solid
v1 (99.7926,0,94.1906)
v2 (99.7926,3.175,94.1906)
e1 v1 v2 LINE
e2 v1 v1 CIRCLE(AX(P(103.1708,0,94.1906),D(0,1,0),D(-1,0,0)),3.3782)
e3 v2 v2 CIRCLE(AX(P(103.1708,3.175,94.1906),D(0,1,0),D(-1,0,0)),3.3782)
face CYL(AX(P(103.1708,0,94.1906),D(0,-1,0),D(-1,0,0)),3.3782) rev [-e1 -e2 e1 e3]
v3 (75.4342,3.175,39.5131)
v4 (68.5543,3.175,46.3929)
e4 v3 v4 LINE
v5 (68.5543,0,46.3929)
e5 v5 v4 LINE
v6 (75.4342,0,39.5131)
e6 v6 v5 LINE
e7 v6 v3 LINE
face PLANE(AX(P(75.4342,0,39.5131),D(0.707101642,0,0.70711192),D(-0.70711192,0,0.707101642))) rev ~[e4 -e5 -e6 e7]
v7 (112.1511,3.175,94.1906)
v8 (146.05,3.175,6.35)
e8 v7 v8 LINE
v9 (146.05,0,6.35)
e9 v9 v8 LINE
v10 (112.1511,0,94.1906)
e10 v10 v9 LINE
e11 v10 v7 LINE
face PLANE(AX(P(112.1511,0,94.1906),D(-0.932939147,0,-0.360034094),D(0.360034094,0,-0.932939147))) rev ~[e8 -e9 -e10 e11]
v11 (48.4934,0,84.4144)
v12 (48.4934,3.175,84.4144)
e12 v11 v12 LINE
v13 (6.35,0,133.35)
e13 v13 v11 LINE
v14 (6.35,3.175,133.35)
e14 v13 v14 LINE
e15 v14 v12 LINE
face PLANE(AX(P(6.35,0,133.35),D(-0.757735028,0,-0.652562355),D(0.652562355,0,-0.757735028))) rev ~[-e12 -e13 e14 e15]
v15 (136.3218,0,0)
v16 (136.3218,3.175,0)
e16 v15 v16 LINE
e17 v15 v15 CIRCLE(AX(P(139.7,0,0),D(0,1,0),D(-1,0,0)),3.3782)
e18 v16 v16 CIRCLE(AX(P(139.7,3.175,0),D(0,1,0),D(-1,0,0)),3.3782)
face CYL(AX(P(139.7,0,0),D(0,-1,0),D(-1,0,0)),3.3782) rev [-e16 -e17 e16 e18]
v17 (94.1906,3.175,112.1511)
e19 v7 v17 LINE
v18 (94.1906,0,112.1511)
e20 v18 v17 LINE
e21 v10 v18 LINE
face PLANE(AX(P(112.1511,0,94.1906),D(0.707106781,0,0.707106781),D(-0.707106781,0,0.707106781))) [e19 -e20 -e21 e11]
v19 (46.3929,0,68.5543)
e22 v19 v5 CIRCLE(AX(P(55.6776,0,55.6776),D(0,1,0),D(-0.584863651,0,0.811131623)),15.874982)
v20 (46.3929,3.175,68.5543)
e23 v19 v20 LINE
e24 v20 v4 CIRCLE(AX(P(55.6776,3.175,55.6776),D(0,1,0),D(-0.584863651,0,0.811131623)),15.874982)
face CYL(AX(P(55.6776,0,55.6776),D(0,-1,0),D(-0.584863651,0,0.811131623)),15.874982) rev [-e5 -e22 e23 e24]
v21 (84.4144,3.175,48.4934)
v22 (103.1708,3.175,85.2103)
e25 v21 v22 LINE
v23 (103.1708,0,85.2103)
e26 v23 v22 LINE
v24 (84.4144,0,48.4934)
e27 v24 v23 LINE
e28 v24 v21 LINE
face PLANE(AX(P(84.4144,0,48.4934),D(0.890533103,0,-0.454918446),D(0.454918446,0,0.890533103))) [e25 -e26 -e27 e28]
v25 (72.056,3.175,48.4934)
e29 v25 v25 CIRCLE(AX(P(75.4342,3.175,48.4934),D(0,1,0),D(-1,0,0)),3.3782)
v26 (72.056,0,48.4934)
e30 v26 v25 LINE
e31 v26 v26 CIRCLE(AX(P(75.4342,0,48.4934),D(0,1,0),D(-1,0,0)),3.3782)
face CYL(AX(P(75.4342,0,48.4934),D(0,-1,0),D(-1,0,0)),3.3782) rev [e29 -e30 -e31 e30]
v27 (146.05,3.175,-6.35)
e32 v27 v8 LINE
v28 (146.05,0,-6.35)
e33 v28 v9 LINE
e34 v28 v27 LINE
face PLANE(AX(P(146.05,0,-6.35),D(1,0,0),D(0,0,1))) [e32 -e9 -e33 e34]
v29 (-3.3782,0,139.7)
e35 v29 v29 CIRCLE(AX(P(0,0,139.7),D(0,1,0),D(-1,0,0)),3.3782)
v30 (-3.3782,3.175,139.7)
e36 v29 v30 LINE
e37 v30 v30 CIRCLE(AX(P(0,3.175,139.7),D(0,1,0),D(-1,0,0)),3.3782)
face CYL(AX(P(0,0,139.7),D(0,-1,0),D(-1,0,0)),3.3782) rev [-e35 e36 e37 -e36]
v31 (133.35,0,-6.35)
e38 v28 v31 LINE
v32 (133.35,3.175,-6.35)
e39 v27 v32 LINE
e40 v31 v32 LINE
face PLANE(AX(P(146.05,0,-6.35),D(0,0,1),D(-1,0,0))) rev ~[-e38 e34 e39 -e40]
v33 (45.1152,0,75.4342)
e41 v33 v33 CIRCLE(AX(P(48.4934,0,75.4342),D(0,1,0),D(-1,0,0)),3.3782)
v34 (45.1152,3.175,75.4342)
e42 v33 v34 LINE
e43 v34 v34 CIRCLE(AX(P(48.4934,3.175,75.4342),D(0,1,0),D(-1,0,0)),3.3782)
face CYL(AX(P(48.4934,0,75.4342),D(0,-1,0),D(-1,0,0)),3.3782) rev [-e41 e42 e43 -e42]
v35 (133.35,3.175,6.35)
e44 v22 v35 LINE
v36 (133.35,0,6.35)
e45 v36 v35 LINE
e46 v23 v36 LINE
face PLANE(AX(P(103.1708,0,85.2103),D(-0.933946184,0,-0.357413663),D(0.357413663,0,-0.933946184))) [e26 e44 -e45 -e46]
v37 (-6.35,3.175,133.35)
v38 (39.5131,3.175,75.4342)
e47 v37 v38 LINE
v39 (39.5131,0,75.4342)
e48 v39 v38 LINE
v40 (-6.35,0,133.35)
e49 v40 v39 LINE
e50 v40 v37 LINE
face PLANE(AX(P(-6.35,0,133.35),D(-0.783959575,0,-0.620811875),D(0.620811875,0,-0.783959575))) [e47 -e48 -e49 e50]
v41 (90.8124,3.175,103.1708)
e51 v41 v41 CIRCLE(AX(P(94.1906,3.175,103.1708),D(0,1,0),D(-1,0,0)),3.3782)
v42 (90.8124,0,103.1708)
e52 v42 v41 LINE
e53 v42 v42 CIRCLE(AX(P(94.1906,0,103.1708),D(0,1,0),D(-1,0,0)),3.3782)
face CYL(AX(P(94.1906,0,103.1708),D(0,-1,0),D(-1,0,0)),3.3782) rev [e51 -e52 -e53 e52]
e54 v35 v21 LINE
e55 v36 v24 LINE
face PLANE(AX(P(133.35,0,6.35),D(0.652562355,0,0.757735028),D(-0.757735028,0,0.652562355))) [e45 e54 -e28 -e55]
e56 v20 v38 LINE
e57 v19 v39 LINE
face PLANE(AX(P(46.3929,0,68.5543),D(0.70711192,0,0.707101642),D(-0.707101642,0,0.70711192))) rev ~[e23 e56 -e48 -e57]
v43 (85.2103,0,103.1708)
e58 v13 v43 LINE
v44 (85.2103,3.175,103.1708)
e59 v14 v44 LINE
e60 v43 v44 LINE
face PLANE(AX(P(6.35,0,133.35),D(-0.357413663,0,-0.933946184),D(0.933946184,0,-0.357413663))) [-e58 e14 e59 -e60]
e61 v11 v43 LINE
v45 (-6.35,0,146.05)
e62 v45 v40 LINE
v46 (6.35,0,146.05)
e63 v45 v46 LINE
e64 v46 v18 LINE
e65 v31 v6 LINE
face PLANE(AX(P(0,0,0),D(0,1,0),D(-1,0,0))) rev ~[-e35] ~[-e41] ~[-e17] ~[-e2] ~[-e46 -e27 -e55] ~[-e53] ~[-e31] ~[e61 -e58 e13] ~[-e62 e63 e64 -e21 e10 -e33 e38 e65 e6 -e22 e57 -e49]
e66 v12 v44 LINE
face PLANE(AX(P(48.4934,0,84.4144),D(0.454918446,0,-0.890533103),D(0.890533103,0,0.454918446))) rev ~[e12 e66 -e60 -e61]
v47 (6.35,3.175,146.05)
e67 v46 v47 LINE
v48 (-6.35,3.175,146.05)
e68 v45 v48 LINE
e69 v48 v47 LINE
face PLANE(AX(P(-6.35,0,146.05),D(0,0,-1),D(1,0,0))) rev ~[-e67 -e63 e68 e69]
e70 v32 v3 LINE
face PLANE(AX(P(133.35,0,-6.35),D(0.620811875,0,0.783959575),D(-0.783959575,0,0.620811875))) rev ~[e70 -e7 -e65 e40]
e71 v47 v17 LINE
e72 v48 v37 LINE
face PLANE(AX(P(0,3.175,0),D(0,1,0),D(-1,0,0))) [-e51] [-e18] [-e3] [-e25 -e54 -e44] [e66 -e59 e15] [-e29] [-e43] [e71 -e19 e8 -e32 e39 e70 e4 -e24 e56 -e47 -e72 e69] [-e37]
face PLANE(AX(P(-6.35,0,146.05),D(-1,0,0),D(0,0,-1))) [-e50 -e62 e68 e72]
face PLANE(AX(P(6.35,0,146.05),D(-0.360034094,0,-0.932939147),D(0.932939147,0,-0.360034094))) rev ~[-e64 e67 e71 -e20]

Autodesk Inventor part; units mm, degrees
ref_plane "YZ Plane" through (0, 0, 0) normal (1, 0, 0) x (0, 1, 0)
ref_plane "XZ Plane" through (0, 0, 0) normal (0, 1, 0) x (-1, 0, 0)
ref_plane "XY Plane" through (0, 0, 0) normal (0, 0, 1) x (1, 0, 0)
sketch "Sketch1" plane through (0, 0, 0) normal (0, 1, 0) x (-1, 0, 0)
  circle A0 centre (87.8158, 336.55) radius 3.3782
  circle A1 centre (0, 336.55) radius 3.3782
  circle A2 centre (95.25, 387.35) radius 3.3782
  circle A3 centre (0, 387.35) radius 3.3782
  circle A4 centre (-139.7, 0) radius 3.3782
  circle A5 centre (-103.1708, 94.1906) radius 3.3782
  circle A6 centre (-94.1906, 103.1708) radius 3.3782
  circle A7 centre (0, 139.7) radius 3.3782
  line L0 (101.6, 381) -> (101.6, 393.7)
  line L1 (101.6, 393.7) -> (90.8271, 393.7)
  line L2 (6.35, 393.7) -> (0, 393.7)
  arc A8 (0, 393.7) -> (-6.35, 393.6488) centre (0, 0) ccw
  circle A9 centre (-75.4342, 48.4934) radius 3.3782
  circle A10 centre (-48.4934, 75.4342) radius 3.3782
  line L3 (-55.6776, 55.6776) -> (-113.1015, 113.1015) construction
  line L4 (-55.6776, 55.6776) -> (-92.8744, 18.4808) construction
  line L5 (6.35, 146.05) -> (-6.35, 146.05)
  line L6 (-112.1511, 94.1906) -> (-94.1906, 112.1511)
  line L7 (-146.05, -6.35) -> (-146.05, 6.35)
  line L8 (6.35, 133.35) -> (-39.5131, 75.4342)
  line L9 (-6.35, 146.05) -> (-94.1906, 112.1511)
  line L10 (-112.1511, 94.1906) -> (-146.05, 6.35)
  line L11 (-103.1708, 85.2103) -> (-133.35, 6.35)
  line L12 (-133.35, 6.35) -> (-84.4144, 48.4934)
  line L13 (-133.35, -6.35) -> (-75.4342, 39.5131)
  line L14 (-6.35, 133.35) -> (-48.4934, 84.4144)
  line L15 (-6.35, 133.35) -> (-85.2103, 103.1708)
  line L16 (-48.4934, 84.4144) -> (-85.2103, 103.1708)
  line L17 (-84.4144, 48.4934) -> (-103.1708, 85.2103)
  line L18 (6.35, 146.05) -> (6.35, 133.35)
  line L19 (-75.4342, 39.5131) -> (-68.5543, 46.3929)
  line L20 (-46.3929, 68.5543) -> (-39.5131, 75.4342)
  line L21 (-146.05, -6.35) -> (-133.35, -6.35)
  arc A11 (-46.3929, 68.5543) -> (-68.5543, 46.3929) centre (-55.6776, 55.6776) ccw
  point P0 (-62.4128, 62.4128)
  dimension "d8" = 6.7564
  dimension "d9" = 6.7564
  dimension "d10" = 38.1
  dimension "d12" = 19.05
  dimension "d13" = 8.89
  dimension "d14" = 8.89
  dimension "d15" = 6.35
  dimension "d17" = 6.35
  dimension "d20" = 6.35
  dimension "d25" = 6.35
  dimension "d26" = 12.7
  dimension "d27" = 12.7
  dimension "d30" = 31.75
extrude "Extrusion1" add sketch "Sketch1" along normal blind 3.175 contours L18 L8 L20 A11 L19 L13 L21 L7 L10 L6 L9 L5
properties part number "Spacer Plate"
